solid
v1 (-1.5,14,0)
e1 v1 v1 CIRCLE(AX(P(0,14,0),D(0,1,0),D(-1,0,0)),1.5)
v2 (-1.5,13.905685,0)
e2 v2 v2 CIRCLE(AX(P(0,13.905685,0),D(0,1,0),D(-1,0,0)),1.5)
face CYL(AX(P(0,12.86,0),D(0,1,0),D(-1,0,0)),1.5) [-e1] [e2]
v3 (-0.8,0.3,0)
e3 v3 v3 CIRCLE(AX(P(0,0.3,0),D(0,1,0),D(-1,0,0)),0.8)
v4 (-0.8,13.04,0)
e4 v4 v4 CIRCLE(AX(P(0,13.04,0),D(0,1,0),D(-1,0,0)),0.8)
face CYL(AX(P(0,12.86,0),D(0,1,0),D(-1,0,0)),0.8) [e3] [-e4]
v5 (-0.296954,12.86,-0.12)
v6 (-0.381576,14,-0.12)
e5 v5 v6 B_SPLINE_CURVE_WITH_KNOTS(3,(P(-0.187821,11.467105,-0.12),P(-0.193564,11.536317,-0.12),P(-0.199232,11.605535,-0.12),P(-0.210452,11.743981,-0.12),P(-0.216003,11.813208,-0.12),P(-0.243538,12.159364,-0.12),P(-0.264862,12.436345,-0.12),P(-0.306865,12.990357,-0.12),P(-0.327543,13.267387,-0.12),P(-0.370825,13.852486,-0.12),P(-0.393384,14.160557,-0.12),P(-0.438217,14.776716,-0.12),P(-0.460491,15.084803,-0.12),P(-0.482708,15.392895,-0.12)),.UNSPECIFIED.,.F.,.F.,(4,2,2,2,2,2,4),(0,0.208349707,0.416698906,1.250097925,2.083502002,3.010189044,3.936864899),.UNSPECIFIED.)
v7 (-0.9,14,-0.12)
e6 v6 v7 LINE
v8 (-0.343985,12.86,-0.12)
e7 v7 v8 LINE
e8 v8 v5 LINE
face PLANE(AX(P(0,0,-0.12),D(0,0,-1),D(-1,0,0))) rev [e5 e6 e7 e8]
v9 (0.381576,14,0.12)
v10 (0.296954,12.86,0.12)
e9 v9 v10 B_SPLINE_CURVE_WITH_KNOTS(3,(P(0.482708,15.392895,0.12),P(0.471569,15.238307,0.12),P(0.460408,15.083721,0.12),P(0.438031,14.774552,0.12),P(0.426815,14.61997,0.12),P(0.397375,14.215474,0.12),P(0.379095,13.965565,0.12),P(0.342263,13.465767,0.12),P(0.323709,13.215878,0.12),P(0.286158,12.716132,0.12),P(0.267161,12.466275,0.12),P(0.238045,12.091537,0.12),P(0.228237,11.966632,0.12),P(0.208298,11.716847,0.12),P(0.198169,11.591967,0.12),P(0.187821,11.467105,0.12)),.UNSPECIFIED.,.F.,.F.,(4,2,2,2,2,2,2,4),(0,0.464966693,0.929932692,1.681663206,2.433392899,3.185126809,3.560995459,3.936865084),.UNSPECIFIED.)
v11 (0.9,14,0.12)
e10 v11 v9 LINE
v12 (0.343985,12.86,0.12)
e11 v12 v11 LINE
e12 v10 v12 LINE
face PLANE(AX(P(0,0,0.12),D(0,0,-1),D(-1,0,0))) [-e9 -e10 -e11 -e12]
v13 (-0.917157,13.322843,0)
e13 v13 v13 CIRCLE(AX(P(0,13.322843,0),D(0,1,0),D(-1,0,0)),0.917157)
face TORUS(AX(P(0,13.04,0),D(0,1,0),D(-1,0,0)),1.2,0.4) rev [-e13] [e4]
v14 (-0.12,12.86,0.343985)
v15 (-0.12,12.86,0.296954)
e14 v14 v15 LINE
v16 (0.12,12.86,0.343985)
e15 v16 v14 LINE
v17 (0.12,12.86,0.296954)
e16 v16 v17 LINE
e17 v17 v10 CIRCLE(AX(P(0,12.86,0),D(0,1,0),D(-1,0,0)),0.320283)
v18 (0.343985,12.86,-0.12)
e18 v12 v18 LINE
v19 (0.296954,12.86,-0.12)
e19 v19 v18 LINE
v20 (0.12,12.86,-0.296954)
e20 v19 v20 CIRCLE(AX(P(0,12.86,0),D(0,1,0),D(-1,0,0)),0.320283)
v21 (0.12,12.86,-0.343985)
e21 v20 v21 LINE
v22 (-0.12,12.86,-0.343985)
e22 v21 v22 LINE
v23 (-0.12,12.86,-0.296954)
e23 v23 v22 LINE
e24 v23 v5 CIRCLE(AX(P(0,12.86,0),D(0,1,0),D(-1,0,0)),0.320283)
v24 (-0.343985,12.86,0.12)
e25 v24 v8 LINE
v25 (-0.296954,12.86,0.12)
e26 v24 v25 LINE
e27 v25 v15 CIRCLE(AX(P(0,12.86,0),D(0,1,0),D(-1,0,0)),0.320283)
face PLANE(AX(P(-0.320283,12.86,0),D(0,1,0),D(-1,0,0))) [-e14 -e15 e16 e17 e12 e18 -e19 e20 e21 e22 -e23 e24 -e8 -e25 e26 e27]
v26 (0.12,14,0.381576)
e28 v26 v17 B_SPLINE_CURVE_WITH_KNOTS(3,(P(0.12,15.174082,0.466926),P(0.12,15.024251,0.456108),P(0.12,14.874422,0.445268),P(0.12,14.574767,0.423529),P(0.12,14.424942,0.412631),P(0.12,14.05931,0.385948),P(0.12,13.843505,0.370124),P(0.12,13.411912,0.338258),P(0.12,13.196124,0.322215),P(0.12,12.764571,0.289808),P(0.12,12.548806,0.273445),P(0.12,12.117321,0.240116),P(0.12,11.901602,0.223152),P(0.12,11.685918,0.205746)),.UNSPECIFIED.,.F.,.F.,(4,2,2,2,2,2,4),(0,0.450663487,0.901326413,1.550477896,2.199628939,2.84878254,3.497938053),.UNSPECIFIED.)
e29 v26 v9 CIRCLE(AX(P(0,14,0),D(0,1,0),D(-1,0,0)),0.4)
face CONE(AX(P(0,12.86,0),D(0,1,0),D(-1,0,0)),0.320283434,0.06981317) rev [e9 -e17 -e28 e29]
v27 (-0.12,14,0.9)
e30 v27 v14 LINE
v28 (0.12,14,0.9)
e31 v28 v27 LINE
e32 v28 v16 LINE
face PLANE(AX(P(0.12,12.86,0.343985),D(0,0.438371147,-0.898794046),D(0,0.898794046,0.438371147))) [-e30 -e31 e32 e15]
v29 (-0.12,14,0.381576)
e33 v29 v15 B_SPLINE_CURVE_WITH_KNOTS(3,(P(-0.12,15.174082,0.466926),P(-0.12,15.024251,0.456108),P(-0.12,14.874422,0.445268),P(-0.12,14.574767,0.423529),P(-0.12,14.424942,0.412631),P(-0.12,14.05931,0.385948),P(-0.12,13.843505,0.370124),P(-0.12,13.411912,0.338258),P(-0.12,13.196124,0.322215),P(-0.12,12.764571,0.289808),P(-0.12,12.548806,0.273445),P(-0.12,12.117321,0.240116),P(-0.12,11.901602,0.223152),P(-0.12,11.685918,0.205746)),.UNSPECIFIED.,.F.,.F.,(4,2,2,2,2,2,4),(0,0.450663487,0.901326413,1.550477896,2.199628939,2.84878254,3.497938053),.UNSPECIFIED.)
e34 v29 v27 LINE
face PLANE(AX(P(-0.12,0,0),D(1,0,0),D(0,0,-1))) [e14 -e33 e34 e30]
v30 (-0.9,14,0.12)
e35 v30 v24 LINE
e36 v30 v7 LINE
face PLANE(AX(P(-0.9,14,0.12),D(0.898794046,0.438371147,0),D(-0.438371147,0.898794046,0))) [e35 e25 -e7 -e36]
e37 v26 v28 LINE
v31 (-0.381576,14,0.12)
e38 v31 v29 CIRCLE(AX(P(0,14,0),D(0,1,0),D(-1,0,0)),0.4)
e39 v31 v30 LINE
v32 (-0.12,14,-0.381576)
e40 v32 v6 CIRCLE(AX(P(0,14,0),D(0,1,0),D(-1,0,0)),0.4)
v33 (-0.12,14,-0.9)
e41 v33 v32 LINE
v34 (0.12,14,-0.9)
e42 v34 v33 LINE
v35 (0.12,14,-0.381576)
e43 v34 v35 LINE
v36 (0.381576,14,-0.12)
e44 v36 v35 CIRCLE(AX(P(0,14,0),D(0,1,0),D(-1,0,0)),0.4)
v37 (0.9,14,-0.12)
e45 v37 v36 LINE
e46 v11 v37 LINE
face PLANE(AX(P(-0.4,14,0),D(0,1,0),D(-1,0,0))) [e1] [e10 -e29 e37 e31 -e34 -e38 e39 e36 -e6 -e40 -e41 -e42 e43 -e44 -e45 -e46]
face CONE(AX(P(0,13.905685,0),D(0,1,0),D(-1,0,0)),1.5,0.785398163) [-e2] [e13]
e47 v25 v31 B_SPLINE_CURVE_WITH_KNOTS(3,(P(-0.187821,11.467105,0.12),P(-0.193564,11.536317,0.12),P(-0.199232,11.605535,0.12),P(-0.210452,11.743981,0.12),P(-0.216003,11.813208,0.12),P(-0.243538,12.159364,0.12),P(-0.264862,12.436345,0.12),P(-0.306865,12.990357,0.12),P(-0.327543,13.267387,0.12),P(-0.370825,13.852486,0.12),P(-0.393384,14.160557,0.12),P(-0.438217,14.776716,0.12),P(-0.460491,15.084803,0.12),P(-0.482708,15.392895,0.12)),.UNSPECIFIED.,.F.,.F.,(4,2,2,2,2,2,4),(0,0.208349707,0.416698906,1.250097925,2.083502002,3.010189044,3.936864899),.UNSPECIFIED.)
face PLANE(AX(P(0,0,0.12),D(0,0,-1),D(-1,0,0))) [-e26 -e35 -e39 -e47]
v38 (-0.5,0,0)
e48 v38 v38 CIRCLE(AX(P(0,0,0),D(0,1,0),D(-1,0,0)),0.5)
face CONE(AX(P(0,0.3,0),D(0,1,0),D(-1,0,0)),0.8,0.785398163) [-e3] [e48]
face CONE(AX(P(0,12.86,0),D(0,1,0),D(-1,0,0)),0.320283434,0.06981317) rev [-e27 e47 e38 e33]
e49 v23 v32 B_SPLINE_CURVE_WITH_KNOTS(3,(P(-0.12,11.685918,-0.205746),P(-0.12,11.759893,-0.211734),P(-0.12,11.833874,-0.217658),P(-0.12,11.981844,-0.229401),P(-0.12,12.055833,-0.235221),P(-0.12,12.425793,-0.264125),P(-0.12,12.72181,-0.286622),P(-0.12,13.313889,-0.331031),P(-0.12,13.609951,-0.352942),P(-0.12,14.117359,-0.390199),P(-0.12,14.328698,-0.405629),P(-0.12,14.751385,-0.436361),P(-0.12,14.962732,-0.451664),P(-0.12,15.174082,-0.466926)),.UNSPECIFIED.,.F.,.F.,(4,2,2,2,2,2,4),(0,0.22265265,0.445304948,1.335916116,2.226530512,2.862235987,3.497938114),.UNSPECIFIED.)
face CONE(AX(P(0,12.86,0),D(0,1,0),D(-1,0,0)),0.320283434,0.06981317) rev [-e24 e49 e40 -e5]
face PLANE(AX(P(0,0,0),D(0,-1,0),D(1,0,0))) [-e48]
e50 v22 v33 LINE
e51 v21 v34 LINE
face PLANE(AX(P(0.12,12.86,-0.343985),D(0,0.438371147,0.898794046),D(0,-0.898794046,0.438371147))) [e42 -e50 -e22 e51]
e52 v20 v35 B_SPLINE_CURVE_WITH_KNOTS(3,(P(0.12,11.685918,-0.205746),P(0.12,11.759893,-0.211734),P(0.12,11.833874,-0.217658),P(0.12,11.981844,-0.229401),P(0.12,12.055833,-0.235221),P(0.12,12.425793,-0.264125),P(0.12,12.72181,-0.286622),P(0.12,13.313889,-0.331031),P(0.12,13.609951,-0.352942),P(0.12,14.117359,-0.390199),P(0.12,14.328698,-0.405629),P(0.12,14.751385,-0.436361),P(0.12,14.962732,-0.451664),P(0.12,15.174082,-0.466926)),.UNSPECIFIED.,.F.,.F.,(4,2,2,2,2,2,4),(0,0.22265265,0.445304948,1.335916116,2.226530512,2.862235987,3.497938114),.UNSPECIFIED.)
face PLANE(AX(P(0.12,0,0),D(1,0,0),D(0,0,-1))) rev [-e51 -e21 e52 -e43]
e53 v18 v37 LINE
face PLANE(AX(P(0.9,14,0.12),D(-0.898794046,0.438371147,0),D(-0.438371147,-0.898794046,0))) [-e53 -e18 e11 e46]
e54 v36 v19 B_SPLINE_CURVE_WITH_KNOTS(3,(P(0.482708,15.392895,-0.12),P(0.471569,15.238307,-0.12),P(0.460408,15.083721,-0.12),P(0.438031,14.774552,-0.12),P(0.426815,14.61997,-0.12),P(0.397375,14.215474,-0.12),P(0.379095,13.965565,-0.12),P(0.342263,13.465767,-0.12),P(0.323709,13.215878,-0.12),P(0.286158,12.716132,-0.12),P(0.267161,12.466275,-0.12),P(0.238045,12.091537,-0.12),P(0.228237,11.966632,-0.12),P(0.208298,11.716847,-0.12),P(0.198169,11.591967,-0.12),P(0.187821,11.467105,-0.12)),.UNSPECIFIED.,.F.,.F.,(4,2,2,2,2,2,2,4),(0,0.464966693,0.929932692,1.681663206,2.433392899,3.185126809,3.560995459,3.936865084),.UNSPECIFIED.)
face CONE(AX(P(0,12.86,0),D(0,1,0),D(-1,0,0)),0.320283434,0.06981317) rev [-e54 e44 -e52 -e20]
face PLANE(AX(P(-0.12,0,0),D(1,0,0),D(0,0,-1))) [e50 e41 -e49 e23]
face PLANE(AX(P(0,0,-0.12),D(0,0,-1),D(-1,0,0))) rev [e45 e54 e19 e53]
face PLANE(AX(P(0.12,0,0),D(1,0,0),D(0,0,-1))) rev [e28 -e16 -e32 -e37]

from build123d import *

# Parameters (mm, degrees)
CUT_EXTRUDE_2_DEPTH      = 0.12
CUT_EXTRUDE_2_DEPTH_BACK = 0.12
CUT_EXTRUDE_3_DEPTH      = 0.12
CUT_EXTRUDE_3_DEPTH_BACK = 0.12


with BuildPart() as part:
    # Эскиз1 → Повернуть1 (revolve)
    with BuildSketch(Plane.XY):
        with BuildLine():
            Line((0, 0), (-0.5, 0))
            Line((-0.5, 0), (-0.8, 0.3))
            Line((-0.8, 0.3), (-0.8, 13.04))
            ThreePointArc((-0.8, 13.04), (-0.830448187, 13.193073373), (-0.917157288, 13.322842712))
            Line((-0.917157288, 13.322842712), (-1.5, 13.905685425))
            Line((-1.5, 13.905685425), (-1.5, 14))
            Line((-1.5, 14), (-0.4, 14))
            Line((-0.4, 14), (-0.320283434, 12.86))
            Line((-0.320283434, 12.86), (0, 12.86))
            Line((0, 12.86), (0, 0))
        make_face()
    revolve(axis=Axis((0, 12.86, 0), (0, -1, 0)))

    # Эскиз3 → Вырез-Вытянуть2 (cut, two sides: drawn at the far end of the back side and taken through both)
    with BuildSketch(Plane.XY.offset(-CUT_EXTRUDE_2_DEPTH_BACK)):
        Polygon((-0.9, 14), (-0.343984849, 12.86), (0.343984849, 12.86), (0.9, 14), align=None)
    extrude(amount=CUT_EXTRUDE_2_DEPTH + CUT_EXTRUDE_2_DEPTH_BACK, mode=Mode.SUBTRACT)

    # Эскиз4 → Вырез-Вытянуть3 (cut, two sides: drawn at the far end of the back side and taken through both)
    with BuildSketch(Plane(origin=(0, 0, 0), x_dir=(0, 0, -1), z_dir=(1, 0, 0)).offset(-CUT_EXTRUDE_3_DEPTH_BACK)):
        Polygon((-0.343984849, 12.86), (-0.9, 14), (0.9, 14), (0.343984849, 12.86), align=None)
    extrude(amount=CUT_EXTRUDE_3_DEPTH + CUT_EXTRUDE_3_DEPTH_BACK, mode=Mode.SUBTRACT)


solid = part.part
